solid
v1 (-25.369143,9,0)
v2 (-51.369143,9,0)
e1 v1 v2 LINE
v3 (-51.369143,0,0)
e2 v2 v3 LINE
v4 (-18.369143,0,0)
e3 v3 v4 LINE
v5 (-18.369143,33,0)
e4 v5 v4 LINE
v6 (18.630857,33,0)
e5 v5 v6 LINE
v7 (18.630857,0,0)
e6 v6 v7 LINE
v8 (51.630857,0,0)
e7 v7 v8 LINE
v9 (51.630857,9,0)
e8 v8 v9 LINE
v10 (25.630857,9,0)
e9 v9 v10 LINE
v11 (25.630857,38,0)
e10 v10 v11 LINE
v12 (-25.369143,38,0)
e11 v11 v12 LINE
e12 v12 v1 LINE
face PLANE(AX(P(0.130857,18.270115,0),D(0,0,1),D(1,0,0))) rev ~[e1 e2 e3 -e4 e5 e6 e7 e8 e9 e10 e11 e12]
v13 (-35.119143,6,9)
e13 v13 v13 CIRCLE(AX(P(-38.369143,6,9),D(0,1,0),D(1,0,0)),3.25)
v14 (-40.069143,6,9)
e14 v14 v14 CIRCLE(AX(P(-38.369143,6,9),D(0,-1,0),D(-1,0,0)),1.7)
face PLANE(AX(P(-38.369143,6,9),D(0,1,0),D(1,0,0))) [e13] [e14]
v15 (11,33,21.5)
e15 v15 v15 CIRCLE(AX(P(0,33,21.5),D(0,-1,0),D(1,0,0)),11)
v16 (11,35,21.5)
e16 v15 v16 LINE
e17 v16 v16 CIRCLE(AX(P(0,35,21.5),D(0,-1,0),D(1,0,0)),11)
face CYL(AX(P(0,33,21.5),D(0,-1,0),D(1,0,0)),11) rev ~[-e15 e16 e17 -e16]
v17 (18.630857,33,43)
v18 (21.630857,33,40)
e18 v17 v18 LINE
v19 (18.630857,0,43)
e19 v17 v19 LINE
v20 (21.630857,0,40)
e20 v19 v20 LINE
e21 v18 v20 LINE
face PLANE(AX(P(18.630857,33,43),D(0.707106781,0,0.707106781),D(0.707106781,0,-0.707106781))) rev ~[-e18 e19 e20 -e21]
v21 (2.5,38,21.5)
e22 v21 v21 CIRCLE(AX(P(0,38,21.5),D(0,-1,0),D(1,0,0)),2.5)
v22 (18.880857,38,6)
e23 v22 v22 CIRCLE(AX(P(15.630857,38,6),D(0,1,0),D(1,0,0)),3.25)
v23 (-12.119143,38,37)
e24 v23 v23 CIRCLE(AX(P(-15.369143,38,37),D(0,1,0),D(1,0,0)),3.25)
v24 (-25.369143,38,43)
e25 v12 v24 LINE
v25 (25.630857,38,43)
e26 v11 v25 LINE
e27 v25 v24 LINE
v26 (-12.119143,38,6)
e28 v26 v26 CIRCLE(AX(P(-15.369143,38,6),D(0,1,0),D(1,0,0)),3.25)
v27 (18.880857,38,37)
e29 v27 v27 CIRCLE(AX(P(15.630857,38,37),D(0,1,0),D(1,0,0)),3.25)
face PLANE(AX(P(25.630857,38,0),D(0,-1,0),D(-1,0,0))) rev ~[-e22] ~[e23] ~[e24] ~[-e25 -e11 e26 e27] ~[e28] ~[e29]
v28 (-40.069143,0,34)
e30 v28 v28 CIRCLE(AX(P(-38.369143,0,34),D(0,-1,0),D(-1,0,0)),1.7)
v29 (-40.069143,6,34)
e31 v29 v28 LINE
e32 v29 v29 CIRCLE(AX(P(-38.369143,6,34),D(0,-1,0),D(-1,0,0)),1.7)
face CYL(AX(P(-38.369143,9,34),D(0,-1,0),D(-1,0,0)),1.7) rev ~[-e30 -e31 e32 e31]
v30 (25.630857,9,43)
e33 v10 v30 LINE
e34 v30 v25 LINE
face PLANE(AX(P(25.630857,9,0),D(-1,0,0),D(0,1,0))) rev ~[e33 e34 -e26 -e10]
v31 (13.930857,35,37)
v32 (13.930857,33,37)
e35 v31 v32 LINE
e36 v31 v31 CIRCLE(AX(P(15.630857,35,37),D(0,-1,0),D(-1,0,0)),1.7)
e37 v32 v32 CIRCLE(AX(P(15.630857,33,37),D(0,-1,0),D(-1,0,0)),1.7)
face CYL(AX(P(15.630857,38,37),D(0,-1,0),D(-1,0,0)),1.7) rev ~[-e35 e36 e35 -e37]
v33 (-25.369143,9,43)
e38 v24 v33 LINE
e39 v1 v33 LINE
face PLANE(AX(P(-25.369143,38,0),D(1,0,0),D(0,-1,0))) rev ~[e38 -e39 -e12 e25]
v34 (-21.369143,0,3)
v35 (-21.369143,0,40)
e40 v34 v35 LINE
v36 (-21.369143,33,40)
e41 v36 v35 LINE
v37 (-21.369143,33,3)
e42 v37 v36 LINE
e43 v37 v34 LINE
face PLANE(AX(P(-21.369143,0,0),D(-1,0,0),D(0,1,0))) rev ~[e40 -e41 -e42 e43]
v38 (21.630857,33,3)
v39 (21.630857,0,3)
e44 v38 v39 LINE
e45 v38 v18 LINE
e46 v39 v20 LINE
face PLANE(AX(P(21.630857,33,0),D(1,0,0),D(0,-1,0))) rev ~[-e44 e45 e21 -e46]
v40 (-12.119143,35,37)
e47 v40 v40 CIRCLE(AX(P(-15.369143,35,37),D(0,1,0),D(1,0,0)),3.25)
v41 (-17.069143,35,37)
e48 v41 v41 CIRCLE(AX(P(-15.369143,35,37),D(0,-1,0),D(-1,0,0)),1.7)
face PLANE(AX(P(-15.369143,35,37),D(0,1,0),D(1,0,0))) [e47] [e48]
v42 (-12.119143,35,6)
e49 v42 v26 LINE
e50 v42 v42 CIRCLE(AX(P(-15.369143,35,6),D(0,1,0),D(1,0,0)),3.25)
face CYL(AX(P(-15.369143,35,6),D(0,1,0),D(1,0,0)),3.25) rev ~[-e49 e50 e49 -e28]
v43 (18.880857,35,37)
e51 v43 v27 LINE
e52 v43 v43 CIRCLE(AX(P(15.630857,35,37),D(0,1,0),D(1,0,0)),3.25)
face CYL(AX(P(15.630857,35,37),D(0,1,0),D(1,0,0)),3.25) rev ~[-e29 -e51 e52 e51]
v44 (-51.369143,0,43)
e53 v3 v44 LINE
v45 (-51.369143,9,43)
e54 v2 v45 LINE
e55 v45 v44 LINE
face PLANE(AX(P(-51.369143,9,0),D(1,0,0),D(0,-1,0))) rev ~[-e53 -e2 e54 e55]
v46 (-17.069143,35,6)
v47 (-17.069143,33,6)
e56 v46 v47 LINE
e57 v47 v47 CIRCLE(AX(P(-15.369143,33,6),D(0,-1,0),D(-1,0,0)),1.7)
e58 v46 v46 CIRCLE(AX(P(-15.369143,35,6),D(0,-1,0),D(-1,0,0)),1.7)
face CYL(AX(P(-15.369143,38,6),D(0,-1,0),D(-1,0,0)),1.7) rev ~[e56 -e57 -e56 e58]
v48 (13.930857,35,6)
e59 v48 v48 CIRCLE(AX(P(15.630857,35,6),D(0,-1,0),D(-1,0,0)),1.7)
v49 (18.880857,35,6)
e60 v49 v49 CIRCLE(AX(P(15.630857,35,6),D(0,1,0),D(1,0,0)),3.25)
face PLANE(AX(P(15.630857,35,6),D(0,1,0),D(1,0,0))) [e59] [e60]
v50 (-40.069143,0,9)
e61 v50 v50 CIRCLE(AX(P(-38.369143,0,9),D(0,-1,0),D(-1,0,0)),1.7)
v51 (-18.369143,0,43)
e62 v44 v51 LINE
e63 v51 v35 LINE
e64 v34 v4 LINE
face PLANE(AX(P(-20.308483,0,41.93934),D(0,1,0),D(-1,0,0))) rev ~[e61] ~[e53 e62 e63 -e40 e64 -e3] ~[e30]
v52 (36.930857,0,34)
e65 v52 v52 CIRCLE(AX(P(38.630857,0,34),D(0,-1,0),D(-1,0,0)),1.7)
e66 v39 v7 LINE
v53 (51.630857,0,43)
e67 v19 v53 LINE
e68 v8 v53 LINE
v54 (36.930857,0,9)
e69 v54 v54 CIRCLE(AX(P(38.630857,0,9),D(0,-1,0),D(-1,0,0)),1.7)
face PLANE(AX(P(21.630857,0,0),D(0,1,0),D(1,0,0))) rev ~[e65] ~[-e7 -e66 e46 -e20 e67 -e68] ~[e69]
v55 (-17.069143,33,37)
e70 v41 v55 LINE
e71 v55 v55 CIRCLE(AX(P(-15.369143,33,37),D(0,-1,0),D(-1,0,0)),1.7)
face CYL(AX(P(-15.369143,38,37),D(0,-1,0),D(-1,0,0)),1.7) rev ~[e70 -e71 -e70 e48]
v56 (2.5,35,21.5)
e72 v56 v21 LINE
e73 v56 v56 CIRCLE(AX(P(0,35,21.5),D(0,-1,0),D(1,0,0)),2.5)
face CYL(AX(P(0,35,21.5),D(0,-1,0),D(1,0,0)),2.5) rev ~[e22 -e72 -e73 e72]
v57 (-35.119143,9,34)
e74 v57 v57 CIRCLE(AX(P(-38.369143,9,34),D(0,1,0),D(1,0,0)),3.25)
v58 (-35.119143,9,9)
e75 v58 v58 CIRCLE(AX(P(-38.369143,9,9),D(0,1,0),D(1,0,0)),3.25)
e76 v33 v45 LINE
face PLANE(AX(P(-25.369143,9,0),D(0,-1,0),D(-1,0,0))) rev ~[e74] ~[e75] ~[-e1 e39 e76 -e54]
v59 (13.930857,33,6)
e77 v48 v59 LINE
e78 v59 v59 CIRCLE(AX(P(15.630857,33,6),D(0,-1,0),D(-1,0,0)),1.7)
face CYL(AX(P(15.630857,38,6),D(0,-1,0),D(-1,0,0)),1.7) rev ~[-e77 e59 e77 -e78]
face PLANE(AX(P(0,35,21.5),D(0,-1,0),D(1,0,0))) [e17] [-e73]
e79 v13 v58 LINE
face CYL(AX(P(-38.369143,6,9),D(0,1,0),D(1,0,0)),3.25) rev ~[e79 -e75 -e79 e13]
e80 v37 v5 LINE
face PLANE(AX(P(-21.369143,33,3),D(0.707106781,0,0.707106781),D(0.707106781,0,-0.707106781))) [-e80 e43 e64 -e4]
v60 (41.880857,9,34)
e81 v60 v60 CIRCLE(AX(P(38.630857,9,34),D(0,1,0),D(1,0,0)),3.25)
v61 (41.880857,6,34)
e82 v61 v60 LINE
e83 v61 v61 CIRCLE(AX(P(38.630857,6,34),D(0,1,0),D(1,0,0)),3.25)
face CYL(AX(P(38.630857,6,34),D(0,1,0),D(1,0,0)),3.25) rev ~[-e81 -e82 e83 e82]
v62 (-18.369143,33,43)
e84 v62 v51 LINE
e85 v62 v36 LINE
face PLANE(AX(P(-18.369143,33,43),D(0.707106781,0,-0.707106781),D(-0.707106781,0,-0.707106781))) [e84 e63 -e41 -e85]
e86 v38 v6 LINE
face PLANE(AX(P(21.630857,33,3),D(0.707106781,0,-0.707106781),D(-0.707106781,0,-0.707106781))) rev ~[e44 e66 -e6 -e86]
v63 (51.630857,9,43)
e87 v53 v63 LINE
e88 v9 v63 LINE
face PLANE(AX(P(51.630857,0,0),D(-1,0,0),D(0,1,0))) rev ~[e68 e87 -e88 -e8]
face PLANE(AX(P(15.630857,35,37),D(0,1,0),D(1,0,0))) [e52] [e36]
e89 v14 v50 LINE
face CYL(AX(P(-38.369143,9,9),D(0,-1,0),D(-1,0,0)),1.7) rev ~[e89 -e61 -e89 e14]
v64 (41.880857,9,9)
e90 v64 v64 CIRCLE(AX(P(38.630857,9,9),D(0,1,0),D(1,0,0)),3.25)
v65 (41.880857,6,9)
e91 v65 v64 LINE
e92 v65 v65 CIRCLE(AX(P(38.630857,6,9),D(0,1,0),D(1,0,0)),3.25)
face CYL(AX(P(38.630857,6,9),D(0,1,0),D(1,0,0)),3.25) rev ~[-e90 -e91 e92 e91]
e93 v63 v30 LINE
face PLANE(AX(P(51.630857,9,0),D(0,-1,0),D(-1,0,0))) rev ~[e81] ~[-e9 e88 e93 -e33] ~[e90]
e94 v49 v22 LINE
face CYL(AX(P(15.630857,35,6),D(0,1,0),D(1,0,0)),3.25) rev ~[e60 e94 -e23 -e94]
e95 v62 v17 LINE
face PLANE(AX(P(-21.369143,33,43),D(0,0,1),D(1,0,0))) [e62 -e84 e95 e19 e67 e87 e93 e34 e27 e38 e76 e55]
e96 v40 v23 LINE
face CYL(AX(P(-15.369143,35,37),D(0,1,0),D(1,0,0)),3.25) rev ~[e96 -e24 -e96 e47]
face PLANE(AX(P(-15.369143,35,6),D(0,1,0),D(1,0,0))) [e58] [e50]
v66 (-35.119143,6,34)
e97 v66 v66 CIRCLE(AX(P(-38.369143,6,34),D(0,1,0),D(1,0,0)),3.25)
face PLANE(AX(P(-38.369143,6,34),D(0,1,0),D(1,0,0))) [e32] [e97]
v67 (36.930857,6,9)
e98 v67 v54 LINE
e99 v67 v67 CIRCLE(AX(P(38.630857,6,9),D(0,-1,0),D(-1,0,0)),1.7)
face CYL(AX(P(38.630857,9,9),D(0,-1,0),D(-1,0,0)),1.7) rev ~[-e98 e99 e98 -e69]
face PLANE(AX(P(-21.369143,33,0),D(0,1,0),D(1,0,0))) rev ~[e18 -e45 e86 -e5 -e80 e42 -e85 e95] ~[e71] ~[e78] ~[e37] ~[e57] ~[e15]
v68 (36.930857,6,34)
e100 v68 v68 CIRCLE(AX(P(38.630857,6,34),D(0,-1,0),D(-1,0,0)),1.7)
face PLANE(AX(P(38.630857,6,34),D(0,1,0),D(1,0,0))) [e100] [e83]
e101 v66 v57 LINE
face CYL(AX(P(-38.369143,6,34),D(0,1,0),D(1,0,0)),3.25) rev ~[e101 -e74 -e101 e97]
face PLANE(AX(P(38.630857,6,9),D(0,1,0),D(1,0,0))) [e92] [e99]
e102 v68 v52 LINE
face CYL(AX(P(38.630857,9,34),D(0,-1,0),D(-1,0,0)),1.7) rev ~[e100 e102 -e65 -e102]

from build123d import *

# Parameters (mm, degrees)
BOSS_EXTRUDE1_DEPTH            = 43
BOSS_EXTRUDE2_DEPTH            = 33
SKETCH6_R                      = 11
CUT_EXTRUDE1_DEPTH             = 2
SKETCH7_R                      = 2.5
CUT_EXTRUDE2_DEPTH             = 4
CBORE_FOR_M3_SHCS1_D           = 3.4
CBORE_FOR_M3_SHCS1_CBORE_D     = 6.5
CBORE_FOR_M3_SHCS1_CBORE_DEPTH = 3
CBORE_FOR_M3_SHCS2_D           = 3.4
CBORE_FOR_M3_SHCS2_CBORE_D     = 6.5
CBORE_FOR_M3_SHCS2_CBORE_DEPTH = 3
CBORE_FOR_M3_SHCS3_D           = 3.4
CBORE_FOR_M3_SHCS3_CBORE_D     = 6.5
CBORE_FOR_M3_SHCS3_CBORE_DEPTH = 3


with BuildPart() as part:
    # Sketch1 → Boss-Extrude1 (new body)
    with BuildSketch(Plane.XY):
        Polygon((-51.369142857, 0), (-21.369142857, 0), (-21.369142857, 33), (21.630857143, 33), (21.630857143, 0), (51.630857143, 0), (51.630857143, 9), (25.630857143, 9), (25.630857143, 38), (-25.369142857, 38), (-25.369142857, 9), (-51.369142857, 9), align=None)
    extrude(amount=BOSS_EXTRUDE1_DEPTH)

    # Sketch5 → Boss-Extrude2 (add)
    with BuildSketch(Plane.XZ.offset(-33)):
        Polygon((-21.369142857, 43), (-18.369142857, 43), (-21.369142857, 40), align=None)
        Polygon((21.630857143, 40), (21.630857143, 43), (18.630857143, 43), align=None)
        Polygon((18.630857143, 0), (21.630857143, 0), (21.630857143, 3), align=None)
        Polygon((-18.369142857, 0), (-21.369142857, 0), (-21.369142857, 3), align=None)
    extrude(amount=BOSS_EXTRUDE2_DEPTH)

    # Sketch6 → Cut-Extrude1 (cut)
    with BuildSketch(Plane.XZ.offset(-33)):
        with Locations((0, 21.5)):
            Circle(SKETCH6_R)
    extrude(amount=-CUT_EXTRUDE1_DEPTH, mode=Mode.SUBTRACT)

    # Sketch7 → Cut-Extrude2 (cut, through all)
    with BuildSketch(Plane.XZ.offset(-35)):
        with Locations((0, 21.5)):
            Circle(SKETCH7_R)
    extrude(amount=-CUT_EXTRUDE2_DEPTH, mode=Mode.SUBTRACT)

    # CBORE for M3 SHCS1 (through all)
    with Locations(Plane(origin=(0, 38, 0), x_dir=(1, 0, 0), z_dir=(0, 1, 0))):
        with Locations((-15.369142857, -6), (-15.369142857, -37), (15.630857143, -37), (15.630857143, -6)):
            CounterBoreHole(CBORE_FOR_M3_SHCS1_D / 2, CBORE_FOR_M3_SHCS1_CBORE_D / 2, CBORE_FOR_M3_SHCS1_CBORE_DEPTH)

    # CBORE for M3 SHCS2 (through all)
    with Locations(Plane(origin=(0, 9, 0), x_dir=(1, 0, 0), z_dir=(0, 1, 0))):
        with Locations((-38.369142857, -9), (-38.369142857, -34)):
            CounterBoreHole(CBORE_FOR_M3_SHCS2_D / 2, CBORE_FOR_M3_SHCS2_CBORE_D / 2, CBORE_FOR_M3_SHCS2_CBORE_DEPTH)

    # CBORE for M3 SHCS3 (through all)
    with Locations(Plane(origin=(0, 9, 0), x_dir=(1, 0, 0), z_dir=(0, 1, 0))):
        with Locations((38.630857143, -34), (38.630857143, -9)):
            CounterBoreHole(CBORE_FOR_M3_SHCS3_D / 2, CBORE_FOR_M3_SHCS3_CBORE_D / 2, CBORE_FOR_M3_SHCS3_CBORE_DEPTH)


solid = part.part
